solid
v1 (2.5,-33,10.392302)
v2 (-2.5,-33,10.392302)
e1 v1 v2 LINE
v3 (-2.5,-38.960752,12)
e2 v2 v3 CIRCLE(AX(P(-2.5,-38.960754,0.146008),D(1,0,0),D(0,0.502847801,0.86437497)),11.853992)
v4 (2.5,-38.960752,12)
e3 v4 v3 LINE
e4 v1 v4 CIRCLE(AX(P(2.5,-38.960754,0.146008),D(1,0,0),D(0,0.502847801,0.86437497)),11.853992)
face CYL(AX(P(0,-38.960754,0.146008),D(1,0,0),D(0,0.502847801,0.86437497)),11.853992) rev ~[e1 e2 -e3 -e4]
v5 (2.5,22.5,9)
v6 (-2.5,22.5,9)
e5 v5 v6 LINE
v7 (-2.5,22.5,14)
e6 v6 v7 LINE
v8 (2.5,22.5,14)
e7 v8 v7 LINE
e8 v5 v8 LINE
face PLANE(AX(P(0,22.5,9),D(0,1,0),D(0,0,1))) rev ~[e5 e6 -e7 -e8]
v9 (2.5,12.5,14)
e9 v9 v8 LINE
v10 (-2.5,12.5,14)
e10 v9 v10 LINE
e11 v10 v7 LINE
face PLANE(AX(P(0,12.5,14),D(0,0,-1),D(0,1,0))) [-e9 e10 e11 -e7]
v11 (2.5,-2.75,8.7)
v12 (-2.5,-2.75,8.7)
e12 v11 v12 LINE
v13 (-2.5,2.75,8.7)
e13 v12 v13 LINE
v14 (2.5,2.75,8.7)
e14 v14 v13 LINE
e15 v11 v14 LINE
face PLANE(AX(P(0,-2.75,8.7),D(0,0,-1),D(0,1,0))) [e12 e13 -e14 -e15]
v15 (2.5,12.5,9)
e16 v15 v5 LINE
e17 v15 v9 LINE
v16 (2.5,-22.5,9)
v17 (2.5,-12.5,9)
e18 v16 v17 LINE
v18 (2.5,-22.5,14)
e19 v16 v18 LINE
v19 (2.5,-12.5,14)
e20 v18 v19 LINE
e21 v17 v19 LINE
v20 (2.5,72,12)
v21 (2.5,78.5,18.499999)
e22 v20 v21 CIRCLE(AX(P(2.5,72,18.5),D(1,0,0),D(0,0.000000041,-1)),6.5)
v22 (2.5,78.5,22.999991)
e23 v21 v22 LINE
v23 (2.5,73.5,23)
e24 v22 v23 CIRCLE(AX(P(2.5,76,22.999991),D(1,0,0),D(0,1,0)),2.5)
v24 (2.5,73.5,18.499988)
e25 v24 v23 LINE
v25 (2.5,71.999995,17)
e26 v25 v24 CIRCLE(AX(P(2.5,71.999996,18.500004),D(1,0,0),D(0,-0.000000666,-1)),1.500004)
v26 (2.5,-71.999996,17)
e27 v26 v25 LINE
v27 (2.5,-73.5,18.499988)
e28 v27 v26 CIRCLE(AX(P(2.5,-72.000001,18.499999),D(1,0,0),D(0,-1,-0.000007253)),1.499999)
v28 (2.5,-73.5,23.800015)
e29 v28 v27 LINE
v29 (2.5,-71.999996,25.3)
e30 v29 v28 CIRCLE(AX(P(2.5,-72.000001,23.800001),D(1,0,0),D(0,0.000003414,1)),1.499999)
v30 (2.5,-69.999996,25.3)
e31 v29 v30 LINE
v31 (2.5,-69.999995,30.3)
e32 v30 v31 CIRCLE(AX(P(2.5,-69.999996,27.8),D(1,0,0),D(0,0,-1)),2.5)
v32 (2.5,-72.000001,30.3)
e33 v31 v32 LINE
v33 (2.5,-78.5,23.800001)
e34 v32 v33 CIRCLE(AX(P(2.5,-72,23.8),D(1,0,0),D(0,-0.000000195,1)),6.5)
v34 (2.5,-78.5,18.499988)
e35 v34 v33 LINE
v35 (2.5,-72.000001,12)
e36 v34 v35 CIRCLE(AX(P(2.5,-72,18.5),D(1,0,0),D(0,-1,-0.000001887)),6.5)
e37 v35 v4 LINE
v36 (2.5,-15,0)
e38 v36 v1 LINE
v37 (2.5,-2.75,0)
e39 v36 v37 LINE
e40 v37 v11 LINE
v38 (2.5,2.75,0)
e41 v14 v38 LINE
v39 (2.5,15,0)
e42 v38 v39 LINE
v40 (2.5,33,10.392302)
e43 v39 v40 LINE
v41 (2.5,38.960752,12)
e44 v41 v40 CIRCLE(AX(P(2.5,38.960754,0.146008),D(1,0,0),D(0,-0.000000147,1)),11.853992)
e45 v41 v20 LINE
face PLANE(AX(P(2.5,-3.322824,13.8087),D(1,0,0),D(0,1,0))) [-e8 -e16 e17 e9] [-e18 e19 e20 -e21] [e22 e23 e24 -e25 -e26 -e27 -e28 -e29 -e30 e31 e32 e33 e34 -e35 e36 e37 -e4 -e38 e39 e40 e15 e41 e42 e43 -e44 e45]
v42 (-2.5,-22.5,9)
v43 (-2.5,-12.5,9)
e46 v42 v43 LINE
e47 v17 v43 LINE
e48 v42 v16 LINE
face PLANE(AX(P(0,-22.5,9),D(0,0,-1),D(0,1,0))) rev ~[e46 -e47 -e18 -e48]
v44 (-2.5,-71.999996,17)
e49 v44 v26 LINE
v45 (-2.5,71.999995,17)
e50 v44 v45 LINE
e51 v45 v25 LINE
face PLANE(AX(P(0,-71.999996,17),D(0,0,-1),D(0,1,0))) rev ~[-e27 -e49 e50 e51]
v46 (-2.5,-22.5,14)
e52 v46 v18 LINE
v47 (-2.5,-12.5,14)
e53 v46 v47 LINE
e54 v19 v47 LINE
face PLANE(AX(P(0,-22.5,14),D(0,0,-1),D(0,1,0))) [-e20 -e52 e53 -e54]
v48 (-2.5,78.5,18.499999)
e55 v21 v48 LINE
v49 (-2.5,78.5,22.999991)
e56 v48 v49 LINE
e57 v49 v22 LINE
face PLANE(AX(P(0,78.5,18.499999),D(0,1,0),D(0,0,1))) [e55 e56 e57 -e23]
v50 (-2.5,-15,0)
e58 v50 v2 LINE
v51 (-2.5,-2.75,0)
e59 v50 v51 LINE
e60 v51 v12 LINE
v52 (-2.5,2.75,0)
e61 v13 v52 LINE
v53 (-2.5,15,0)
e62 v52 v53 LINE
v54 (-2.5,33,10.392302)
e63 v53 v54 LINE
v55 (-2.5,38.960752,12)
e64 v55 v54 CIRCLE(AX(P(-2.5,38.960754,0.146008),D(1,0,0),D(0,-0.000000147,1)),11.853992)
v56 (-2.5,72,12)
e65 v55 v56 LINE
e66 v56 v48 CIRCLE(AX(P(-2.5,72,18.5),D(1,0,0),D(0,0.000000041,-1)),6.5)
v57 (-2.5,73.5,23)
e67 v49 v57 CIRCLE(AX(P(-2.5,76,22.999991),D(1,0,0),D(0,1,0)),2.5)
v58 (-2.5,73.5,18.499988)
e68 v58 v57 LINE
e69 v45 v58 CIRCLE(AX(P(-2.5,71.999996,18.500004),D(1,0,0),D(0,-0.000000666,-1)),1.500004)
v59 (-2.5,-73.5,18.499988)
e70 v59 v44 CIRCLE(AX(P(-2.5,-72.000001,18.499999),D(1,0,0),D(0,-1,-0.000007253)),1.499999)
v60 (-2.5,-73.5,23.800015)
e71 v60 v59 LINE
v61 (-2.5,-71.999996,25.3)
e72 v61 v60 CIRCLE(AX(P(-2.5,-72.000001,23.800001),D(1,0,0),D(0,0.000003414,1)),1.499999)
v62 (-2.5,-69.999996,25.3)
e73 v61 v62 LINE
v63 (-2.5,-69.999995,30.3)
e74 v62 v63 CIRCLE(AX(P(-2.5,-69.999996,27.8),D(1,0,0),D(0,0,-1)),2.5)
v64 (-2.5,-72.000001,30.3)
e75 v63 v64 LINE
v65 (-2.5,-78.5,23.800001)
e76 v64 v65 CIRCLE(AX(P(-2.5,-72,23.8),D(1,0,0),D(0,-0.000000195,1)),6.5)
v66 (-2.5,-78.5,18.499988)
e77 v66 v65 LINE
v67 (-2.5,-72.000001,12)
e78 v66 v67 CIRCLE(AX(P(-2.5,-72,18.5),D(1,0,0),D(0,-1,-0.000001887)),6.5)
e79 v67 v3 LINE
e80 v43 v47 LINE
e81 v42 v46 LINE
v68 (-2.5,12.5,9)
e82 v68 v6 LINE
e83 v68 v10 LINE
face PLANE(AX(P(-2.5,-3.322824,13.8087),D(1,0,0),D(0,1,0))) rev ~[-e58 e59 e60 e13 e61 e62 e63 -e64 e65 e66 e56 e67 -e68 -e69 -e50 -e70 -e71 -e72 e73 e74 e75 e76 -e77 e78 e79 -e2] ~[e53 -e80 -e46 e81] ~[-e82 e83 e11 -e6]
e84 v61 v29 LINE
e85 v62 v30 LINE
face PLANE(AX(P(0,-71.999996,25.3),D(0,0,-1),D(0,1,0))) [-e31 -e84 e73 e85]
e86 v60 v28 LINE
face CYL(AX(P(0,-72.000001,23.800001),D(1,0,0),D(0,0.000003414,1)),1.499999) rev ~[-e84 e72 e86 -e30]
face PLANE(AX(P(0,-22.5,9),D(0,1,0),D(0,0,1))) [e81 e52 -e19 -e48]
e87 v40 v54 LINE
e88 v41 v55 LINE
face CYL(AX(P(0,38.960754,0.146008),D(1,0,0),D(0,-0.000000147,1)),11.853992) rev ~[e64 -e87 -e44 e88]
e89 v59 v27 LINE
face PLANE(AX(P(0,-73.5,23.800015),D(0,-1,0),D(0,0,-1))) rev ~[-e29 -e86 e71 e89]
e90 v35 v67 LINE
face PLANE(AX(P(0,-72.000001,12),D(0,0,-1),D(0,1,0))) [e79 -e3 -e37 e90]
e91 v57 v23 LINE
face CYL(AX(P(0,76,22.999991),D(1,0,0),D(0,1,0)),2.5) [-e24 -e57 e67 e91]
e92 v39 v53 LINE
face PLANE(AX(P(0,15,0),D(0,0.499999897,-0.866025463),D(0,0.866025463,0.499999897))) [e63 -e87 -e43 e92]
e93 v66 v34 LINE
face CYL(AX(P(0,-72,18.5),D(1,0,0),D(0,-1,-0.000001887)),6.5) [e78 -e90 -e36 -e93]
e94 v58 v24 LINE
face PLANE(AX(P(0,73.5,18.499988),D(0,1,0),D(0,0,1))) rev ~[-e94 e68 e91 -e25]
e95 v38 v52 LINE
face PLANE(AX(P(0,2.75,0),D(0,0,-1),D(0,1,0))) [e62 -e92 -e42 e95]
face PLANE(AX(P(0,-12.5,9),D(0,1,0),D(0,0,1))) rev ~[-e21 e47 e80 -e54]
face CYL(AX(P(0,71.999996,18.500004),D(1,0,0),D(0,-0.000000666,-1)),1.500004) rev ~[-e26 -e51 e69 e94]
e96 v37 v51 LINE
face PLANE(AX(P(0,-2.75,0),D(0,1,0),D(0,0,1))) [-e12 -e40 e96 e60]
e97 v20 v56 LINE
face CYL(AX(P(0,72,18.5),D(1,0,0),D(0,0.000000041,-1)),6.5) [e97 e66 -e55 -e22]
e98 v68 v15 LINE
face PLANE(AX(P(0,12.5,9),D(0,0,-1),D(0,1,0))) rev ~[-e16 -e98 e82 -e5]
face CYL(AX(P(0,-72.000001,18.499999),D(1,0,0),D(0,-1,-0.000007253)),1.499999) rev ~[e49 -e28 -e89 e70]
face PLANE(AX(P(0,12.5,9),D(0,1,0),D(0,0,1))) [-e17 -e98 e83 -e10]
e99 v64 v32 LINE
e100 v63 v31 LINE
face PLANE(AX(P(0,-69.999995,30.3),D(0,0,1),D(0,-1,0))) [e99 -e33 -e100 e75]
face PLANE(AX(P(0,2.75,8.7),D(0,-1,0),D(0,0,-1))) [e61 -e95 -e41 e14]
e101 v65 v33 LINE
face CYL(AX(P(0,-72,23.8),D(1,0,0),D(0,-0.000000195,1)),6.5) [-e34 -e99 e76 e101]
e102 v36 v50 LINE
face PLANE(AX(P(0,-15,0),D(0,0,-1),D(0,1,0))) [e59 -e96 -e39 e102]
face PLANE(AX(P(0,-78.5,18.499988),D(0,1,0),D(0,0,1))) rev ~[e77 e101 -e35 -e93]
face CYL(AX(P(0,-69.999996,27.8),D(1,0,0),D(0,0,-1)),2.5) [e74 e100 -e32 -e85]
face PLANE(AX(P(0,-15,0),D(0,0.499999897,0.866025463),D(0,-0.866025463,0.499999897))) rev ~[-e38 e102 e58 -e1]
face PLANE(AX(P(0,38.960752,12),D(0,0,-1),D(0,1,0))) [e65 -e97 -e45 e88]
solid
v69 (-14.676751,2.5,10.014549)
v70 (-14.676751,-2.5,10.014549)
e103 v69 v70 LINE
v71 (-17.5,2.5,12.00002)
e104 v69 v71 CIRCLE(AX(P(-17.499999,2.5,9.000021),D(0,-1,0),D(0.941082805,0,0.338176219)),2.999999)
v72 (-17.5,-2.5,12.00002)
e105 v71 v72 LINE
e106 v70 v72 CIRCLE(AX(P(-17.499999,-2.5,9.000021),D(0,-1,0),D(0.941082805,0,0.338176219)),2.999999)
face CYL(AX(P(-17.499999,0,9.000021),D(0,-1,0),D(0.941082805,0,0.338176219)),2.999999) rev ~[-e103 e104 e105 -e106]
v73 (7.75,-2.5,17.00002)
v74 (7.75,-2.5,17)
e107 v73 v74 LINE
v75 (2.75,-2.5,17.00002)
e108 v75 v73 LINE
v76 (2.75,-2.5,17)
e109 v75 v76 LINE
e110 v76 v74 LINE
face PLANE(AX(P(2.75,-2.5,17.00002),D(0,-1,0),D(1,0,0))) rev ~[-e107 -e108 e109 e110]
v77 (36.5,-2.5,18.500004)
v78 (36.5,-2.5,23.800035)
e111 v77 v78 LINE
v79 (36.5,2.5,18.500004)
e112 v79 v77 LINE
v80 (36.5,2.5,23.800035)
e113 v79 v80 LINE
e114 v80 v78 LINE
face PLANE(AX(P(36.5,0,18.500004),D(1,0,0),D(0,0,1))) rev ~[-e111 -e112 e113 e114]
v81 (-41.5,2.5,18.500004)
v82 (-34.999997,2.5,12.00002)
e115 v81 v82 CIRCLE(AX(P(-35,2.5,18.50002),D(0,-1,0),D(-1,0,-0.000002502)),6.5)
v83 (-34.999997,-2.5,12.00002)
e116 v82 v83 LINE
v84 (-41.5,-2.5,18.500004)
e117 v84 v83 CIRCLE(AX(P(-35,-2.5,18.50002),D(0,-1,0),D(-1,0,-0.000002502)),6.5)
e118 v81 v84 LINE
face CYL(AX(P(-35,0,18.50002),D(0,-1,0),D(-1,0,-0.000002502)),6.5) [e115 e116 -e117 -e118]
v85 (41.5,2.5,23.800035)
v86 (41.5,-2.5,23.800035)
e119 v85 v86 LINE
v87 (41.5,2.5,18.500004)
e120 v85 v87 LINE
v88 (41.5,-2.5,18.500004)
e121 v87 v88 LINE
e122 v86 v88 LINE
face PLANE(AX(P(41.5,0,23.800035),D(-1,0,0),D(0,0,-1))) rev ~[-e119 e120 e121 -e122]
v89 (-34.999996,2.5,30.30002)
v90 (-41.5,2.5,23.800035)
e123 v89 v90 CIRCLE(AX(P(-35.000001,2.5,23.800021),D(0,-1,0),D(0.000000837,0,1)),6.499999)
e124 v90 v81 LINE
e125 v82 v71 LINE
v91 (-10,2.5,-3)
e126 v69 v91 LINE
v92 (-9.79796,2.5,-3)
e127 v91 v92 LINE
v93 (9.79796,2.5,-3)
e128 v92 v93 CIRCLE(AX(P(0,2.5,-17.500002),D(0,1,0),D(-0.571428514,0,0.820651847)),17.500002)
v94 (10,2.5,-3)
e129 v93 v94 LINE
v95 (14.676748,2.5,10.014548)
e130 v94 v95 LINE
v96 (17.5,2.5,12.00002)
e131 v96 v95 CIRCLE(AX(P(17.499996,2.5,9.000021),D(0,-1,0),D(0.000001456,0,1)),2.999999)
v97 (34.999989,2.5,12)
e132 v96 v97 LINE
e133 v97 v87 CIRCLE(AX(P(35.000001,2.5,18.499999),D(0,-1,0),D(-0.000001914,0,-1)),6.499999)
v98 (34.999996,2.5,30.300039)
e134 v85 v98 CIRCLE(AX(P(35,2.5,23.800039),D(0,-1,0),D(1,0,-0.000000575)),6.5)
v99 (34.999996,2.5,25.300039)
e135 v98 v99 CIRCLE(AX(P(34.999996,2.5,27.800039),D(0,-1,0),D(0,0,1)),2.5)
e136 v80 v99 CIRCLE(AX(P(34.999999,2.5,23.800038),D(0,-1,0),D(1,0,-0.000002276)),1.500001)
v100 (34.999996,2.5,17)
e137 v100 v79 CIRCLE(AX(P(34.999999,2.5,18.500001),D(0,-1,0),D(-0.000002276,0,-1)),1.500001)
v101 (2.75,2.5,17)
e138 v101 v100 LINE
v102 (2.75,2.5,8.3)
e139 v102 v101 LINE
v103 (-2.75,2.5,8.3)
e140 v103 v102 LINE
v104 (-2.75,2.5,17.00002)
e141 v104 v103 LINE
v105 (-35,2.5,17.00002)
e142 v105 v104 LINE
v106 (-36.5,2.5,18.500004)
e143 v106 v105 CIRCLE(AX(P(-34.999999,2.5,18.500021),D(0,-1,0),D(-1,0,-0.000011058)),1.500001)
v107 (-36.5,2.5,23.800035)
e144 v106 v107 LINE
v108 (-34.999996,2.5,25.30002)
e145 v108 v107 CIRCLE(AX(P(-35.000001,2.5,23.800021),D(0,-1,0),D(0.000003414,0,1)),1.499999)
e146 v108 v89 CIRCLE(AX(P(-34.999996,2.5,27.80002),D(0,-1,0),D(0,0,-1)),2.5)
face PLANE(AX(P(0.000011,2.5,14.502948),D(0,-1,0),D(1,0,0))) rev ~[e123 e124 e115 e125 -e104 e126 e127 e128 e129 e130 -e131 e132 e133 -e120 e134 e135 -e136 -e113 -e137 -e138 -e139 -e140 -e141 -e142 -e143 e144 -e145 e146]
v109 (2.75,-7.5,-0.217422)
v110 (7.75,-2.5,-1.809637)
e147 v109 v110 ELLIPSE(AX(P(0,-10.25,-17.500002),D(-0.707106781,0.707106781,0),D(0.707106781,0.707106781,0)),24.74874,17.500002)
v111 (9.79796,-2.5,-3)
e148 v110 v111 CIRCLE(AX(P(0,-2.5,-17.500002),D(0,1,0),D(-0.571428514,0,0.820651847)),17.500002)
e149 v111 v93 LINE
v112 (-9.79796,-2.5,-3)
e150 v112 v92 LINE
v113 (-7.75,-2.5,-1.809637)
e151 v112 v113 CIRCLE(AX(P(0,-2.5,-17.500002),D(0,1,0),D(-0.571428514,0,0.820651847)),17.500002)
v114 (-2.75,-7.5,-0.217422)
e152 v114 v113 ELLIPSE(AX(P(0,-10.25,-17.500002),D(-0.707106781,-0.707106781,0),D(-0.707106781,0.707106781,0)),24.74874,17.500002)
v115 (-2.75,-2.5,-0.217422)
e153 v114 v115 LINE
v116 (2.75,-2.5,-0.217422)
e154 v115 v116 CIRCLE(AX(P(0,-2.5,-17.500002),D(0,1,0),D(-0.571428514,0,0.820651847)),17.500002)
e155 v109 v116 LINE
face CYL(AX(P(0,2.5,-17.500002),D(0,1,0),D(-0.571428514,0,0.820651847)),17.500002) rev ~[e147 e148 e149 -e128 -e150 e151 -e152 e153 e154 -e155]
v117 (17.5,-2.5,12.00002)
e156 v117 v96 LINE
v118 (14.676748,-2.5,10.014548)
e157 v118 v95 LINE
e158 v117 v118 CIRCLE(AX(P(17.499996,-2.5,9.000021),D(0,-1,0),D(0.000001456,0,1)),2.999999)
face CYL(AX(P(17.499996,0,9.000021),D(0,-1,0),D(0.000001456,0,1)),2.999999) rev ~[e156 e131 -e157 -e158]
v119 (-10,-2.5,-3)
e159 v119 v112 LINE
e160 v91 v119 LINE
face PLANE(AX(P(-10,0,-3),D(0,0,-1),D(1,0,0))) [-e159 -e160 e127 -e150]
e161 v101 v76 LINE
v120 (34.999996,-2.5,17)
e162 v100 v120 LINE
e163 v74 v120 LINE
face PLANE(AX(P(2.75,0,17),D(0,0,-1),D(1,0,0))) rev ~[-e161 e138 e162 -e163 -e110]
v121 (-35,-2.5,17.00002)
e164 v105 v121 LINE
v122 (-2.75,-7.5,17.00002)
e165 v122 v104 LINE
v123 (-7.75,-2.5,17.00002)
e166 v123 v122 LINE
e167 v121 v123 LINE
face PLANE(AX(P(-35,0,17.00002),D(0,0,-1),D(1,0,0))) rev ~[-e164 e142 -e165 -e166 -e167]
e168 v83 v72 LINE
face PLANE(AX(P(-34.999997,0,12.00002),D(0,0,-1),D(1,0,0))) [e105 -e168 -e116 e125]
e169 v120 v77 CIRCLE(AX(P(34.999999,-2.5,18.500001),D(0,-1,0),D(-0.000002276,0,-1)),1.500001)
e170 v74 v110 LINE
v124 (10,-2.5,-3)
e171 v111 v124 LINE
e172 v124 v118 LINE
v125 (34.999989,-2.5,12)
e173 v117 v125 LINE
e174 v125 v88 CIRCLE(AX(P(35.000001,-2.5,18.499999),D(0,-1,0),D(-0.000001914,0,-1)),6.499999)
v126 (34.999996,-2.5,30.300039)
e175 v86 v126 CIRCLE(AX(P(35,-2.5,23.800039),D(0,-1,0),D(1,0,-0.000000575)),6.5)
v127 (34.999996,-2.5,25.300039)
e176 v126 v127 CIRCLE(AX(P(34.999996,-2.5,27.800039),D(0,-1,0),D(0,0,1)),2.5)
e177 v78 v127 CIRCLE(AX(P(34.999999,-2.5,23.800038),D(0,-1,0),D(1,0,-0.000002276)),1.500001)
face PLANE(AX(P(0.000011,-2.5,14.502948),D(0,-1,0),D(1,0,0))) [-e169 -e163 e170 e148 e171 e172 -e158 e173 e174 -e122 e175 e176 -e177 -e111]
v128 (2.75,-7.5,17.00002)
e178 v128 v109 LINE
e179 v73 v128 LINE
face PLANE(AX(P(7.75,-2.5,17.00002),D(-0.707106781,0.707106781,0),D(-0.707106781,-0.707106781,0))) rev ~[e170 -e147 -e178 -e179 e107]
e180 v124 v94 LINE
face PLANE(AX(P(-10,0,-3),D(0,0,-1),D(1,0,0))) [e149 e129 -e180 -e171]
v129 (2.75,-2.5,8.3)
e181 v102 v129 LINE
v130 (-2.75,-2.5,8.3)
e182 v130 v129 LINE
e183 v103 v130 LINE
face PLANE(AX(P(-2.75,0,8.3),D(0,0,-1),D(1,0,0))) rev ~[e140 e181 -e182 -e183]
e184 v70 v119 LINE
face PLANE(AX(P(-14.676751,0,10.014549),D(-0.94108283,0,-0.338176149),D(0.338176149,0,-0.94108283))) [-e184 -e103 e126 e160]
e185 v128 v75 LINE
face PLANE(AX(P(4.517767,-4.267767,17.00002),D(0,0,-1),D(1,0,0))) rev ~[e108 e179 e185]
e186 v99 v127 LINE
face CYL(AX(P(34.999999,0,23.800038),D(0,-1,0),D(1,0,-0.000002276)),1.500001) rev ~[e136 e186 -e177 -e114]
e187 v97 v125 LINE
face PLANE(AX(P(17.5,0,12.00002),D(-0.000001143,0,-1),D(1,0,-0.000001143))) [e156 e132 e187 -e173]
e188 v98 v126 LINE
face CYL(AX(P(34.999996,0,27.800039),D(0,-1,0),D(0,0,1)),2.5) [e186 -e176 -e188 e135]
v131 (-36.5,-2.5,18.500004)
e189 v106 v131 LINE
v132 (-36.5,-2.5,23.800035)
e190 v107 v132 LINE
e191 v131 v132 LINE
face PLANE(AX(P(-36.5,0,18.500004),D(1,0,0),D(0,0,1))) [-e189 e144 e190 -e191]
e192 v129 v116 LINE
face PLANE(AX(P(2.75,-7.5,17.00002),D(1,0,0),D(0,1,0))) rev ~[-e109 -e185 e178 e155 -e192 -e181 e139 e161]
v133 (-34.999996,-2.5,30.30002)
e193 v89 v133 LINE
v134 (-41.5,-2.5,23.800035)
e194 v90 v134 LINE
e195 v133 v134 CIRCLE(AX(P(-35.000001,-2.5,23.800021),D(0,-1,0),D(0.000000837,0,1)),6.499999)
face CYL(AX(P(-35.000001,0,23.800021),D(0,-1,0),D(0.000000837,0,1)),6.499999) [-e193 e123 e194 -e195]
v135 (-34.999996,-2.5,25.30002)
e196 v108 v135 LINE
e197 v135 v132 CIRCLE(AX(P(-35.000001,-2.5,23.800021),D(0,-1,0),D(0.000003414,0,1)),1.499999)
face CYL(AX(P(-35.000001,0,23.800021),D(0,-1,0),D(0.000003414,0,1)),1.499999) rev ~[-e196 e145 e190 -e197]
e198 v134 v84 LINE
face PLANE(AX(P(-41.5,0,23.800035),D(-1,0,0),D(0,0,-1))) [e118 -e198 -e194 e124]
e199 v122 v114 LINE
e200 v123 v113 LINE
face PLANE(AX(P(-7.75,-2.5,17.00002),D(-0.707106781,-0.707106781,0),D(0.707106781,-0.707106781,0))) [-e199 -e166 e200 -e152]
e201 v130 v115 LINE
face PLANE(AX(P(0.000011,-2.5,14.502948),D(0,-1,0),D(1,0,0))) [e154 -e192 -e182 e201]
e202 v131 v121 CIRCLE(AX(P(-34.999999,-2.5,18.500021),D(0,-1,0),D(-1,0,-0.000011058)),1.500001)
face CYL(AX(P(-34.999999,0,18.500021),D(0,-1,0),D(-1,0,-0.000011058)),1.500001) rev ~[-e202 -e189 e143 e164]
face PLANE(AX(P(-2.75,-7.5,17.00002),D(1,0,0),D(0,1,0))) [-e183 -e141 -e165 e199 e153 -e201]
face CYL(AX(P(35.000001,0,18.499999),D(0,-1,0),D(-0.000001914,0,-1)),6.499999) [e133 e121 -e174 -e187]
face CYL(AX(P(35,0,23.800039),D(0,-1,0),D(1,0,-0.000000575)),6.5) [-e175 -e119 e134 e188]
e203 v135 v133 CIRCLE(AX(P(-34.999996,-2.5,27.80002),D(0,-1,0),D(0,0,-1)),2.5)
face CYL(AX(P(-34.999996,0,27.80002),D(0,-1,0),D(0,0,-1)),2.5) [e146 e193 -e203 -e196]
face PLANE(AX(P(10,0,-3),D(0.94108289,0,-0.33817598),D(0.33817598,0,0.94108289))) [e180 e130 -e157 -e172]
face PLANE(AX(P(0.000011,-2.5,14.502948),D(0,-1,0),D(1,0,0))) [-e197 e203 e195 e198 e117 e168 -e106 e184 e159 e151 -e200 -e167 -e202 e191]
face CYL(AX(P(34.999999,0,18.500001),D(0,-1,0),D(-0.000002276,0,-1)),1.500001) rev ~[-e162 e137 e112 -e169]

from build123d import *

# Parameters (mm, degrees)
SKETCH_W     = 10
SKETCH_H     = 5
PAD_DEPTH    = 2.5
PAD001_DEPTH = 2.5
PAD002_DEPTH = 20
POCKET_DEPTH = 10


with BuildPart() as vertical:
    # Sketch → Pad (new body, symmetric)
    with BuildSketch(Plane.YZ):
        with BuildLine():
            Line((78.5, 18.499999), (78.5, 22.999991))
            ThreePointArc((78.5, 22.999991), (76.000005, 25.499991), (73.5, 23))
            Line((73.5, 18.499988), (73.5, 23))
            ThreePointArc((71.999995, 17), (73.060653, 17.439335), (73.5, 18.499988))
            Line((-71.999996, 17), (71.999995, 17))
            ThreePointArc((-73.5, 18.499988), (-73.060655, 17.439334), (-71.999996, 17))
            Line((-73.5, 23.800015), (-73.5, 18.499988))
            ThreePointArc((-71.999996, 25.3), (-73.060654, 24.860667), (-73.5, 23.800015))
            Line((-71.999996, 25.3), (-69.999996, 25.3))
            ThreePointArc((-69.999996, 25.3), (-67.499996, 27.799999), (-69.999995, 30.3))
            Line((-69.999995, 30.3), (-72.000001, 30.3))
            ThreePointArc((-72.000001, 30.3), (-76.596194, 28.396194), (-78.5, 23.800001))
            Line((-78.5, 18.499988), (-78.5, 23.800001))
            ThreePointArc((-78.5, 18.499988), (-76.59619, 13.903802), (-72.000001, 12))
            Line((-72.000001, 12), (-38.960752, 12))
            ThreePointArc((-33, 10.392302), (-35.873874, 11.59102), (-38.960752, 12))
            Line((-15, 0), (-33, 10.392302))
            Line((-15, 0), (-2.75, 0))
            Line((-2.75, 0), (-2.75, 8.7))
            Line((-2.75, 8.7), (2.75, 8.7))
            Line((2.75, 8.7), (2.75, 0))
            Line((2.75, 0), (15, 0))
            Line((15, 0), (33, 10.392302))
            ThreePointArc((38.960752, 12), (35.873874, 11.59102), (33, 10.392302))
            Line((38.960752, 12), (72, 12))
            ThreePointArc((72, 12), (76.596194, 13.903806), (78.5, 18.499999))
        make_face()
        with Locations((-17.5, 11.5)):
            Rectangle(SKETCH_W, SKETCH_H, mode=Mode.SUBTRACT)
        with Locations((17.5, 11.5)):
            Rectangle(SKETCH_W, SKETCH_H, mode=Mode.SUBTRACT)
    extrude(amount=PAD_DEPTH, both=True)


with BuildPart() as fusion:
    # Sketch001 → Pad001 (new body, symmetric)
    with BuildSketch(Plane.XZ):
        with BuildLine():
            Line((17.5, 12.00002), (34.999989, 12))
            ThreePointArc((34.999989, 12), (39.596192, 13.903803), (41.5, 18.500004))
            Line((41.5, 23.800035), (41.5, 18.500004))
            ThreePointArc((41.5, 23.800035), (39.596194, 28.396233), (34.999996, 30.300039))
            ThreePointArc((34.999996, 30.300039), (32.499996, 27.800039), (34.999996, 25.300039))
            ThreePointArc((36.5, 23.800035), (36.06066, 24.860699), (34.999996, 25.300039))
            Line((36.5, 18.500004), (36.5, 23.800035))
            ThreePointArc((34.999996, 17), (36.06066, 17.43934), (36.5, 18.500004))
            Line((2.75, 17), (34.999996, 17))
            Line((2.75, 8.3), (2.75, 17))
            Line((-2.75, 8.3), (2.75, 8.3))
            Line((-2.75, 17.00002), (-2.75, 8.3))
            Line((-35, 17.00002), (-2.75, 17.00002))
            ThreePointArc((-36.5, 18.500004), (-36.060654, 17.439354), (-35, 17.00002))
            Line((-36.5, 18.500004), (-36.5, 23.800035))
            ThreePointArc((-34.999996, 25.30002), (-36.060654, 24.860687), (-36.5, 23.800035))
            ThreePointArc((-34.999996, 25.30002), (-32.499996, 27.80002), (-34.999996, 30.30002))
            ThreePointArc((-34.999996, 30.30002), (-39.596188, 28.396221), (-41.5, 23.800035))
            Line((-41.5, 23.800035), (-41.5, 18.500004))
            ThreePointArc((-41.5, 18.500004), (-39.596187, 13.903819), (-34.999997, 12.00002))
            Line((-34.999997, 12.00002), (-17.5, 12.00002))
            ThreePointArc((-14.676751, 10.014549), (-15.774252, 11.453955), (-17.5, 12.00002))
            Line((-14.676751, 10.014549), (-10, -3))
            Line((-10, -3), (10, -3))
            Line((10, -3), (14.676748, 10.014548))
            ThreePointArc((17.5, 12.00002), (15.774249, 11.453955), (14.676748, 10.014548))
        make_face()
    extrude(amount=PAD001_DEPTH, both=True)

    # Sketch002 → Pad002 (new body)
    with BuildSketch(Plane(origin=(0, 0, 17.00002), x_dir=(-1, 0, 0), z_dir=(0, 0, 1))):
        Polygon((-7.75, 2.5), (-2.75, 7.5), (-2.75, 2.5), align=None)
        Polygon((2.75, 7.5), (2.75, 2.5), (7.75, 2.5), align=None)
    extrude(amount=-PAD002_DEPTH)

    # Sketch003 → Pocket (cut)
    with BuildSketch(Plane(origin=(0, 2.5, 0), x_dir=(1, 0, 0), z_dir=(0, 1, 0))):
        with BuildLine():
            ThreePointArc((-10, 3.138593), (0, 0), (10, 3.138593))
            Line((-10, 3.138593), (10, 3.138593))
        make_face()
    extrude(amount=-POCKET_DEPTH, mode=Mode.SUBTRACT)

    # Fusion: union Vertical
    add(vertical.part)


solid = fusion.part
